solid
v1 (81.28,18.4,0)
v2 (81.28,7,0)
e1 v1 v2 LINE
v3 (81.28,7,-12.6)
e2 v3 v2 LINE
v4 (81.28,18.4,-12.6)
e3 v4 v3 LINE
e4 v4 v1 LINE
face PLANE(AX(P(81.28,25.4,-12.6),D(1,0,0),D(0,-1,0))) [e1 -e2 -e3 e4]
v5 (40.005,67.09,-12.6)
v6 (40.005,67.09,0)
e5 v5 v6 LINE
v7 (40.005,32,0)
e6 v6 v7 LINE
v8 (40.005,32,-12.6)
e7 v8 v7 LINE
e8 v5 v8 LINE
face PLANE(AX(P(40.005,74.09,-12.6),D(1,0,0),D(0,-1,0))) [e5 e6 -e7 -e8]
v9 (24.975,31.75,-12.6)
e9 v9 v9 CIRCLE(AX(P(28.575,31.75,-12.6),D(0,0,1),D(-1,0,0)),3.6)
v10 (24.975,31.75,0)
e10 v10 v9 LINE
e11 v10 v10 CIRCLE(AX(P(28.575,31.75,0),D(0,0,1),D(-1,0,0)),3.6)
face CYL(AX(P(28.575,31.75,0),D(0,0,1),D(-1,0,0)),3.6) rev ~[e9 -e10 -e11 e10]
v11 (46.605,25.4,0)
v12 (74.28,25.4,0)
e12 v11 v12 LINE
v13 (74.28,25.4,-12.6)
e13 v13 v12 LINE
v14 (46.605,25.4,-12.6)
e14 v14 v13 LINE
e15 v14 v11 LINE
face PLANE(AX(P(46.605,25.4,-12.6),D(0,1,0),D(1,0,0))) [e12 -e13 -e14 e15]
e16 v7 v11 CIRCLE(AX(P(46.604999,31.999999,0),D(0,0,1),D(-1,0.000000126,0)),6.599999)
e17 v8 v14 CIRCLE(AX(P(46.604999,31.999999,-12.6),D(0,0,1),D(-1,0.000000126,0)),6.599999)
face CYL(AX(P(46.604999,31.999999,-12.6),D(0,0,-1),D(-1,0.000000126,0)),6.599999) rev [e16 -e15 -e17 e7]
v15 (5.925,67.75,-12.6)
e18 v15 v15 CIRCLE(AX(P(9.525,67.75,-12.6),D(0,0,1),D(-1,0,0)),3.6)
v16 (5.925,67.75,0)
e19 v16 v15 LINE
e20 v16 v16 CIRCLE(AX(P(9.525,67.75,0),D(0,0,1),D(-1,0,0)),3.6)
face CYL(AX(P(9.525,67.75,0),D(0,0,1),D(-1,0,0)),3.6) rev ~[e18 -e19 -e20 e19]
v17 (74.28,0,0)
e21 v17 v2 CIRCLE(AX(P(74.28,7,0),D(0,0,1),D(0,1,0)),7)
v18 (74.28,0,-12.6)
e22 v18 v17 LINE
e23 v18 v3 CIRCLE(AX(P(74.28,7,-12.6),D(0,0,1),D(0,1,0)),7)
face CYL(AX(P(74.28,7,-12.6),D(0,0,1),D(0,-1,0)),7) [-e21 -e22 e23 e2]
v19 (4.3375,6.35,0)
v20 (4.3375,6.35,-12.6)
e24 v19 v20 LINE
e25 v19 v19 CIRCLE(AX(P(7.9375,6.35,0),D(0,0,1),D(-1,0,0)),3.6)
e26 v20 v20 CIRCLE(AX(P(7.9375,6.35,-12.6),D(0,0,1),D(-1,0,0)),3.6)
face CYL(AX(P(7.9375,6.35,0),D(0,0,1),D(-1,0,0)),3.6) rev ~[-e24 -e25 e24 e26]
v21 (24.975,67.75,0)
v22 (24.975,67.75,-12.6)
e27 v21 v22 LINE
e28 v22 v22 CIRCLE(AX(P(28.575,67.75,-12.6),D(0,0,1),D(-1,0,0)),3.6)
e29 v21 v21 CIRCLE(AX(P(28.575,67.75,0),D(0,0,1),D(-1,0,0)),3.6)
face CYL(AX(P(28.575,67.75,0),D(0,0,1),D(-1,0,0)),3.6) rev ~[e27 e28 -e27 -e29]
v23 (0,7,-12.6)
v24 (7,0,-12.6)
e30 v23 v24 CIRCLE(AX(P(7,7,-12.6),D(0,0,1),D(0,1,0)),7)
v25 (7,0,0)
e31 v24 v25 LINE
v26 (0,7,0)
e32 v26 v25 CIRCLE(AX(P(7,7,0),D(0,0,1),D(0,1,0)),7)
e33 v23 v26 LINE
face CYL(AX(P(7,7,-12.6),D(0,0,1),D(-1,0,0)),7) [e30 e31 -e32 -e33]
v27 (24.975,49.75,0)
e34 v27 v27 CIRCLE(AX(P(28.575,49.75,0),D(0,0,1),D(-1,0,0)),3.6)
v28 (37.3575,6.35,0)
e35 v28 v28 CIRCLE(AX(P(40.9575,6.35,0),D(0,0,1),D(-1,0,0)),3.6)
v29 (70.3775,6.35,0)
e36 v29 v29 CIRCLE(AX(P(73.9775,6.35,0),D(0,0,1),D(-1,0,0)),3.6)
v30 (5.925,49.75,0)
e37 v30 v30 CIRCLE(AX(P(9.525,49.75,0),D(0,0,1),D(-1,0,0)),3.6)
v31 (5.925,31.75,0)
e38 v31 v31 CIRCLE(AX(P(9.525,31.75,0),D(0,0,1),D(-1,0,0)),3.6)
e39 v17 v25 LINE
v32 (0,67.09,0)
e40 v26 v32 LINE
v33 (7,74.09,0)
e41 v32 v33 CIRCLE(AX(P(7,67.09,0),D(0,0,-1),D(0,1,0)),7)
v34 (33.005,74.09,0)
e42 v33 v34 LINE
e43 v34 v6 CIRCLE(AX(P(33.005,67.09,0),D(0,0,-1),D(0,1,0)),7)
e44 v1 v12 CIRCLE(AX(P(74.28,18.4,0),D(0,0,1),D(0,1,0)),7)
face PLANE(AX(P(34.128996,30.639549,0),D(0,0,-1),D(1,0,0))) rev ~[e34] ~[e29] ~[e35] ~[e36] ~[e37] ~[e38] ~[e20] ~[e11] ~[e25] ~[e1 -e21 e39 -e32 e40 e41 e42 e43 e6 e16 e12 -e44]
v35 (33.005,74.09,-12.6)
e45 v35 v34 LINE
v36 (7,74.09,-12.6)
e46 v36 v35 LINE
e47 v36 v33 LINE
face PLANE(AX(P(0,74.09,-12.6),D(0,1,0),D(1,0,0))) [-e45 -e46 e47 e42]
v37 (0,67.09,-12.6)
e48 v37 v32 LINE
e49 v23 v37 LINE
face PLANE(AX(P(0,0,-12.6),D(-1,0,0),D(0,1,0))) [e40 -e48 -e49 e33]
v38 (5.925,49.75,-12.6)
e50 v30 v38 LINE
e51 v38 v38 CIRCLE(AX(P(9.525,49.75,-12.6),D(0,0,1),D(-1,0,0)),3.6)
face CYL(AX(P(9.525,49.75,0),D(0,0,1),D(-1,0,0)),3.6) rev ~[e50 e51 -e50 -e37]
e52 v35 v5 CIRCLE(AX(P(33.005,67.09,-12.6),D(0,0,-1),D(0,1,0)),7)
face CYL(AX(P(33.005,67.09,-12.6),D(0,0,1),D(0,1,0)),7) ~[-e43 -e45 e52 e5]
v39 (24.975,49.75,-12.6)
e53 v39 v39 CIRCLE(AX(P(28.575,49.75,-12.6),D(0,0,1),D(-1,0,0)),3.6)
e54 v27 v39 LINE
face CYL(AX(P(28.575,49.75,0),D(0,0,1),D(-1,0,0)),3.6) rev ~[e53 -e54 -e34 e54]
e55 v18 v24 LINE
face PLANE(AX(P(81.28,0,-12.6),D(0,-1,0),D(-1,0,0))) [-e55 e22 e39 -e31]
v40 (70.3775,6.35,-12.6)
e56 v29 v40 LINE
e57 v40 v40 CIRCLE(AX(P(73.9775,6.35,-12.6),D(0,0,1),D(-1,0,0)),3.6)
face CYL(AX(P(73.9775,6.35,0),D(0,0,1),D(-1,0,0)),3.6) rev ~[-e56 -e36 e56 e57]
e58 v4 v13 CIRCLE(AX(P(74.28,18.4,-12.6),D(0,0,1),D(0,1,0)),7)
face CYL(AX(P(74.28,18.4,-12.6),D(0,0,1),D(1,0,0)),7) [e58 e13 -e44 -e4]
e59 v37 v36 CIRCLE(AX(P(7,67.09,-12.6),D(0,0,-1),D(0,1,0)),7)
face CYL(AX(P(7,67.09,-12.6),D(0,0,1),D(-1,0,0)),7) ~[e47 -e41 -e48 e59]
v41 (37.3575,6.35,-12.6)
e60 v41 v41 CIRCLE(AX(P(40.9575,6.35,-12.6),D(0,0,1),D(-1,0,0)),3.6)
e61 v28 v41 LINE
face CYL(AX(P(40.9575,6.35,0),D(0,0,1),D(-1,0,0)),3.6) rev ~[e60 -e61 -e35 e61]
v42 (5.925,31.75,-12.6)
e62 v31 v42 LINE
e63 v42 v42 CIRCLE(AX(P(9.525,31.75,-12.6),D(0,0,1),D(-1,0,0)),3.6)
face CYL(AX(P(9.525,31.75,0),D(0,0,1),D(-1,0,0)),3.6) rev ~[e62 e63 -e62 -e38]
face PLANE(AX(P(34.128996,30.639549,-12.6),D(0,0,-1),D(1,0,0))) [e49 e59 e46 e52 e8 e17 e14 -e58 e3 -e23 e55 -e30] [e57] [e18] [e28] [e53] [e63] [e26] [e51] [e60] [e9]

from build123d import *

# Parameters (mm, degrees)
PAD_DEPTH             = 12.6
SKETCH001_R           = 3.6
POCKET_DEPTH          = 12.601
FILLET_R              = 7
CLONE_PLACEMENT_ANGLE = 180


with BuildPart() as part:
    # Sketch → Pad (new body)
    with BuildSketch(Plane.XY):
        with BuildLine():
            Line((0, 0), (0, -74.09))
            Line((0, -74.09), (-40.005, -74.09))
            Line((-40.005, -74.09), (-40.005, -32))
            ThreePointArc((-40.005, -32), (-41.938095, -27.333095), (-46.605, -25.4))
            Line((-46.605, -25.4), (-81.28, -25.4))
            Line((-81.28, -25.4), (-81.28, 0))
            Line((-81.28, 0), (0, 0))
        make_face()
    extrude(amount=PAD_DEPTH)

    # Sketch001 (on Face9 of Pad) → Pocket (cut, through all)
    with BuildSketch(Plane.XY.offset(12.6)):
        with Locations((-73.9775, -6.35)):
            Circle(SKETCH001_R)
        with Locations((-7.9375, -6.35)):
            Circle(SKETCH001_R)
        with Locations((-40.9575, -6.35)):
            Circle(SKETCH001_R)
        with Locations((-28.575, -31.75)):
            Circle(SKETCH001_R)
        with Locations((-9.525, -31.75)):
            Circle(SKETCH001_R)
        with Locations((-28.575, -49.75)):
            Circle(SKETCH001_R)
        with Locations((-9.525, -49.75)):
            Circle(SKETCH001_R)
        with Locations((-28.575, -67.75)):
            Circle(SKETCH001_R)
        with Locations((-9.525, -67.75)):
            Circle(SKETCH001_R)
    extrude(amount=-POCKET_DEPTH, mode=Mode.SUBTRACT)

    # Fillet
    fillet_edges = [part.edges().sort_by_distance(p)[0] for p in [
        (0, 0, 6.3),
        (-81.28, 0, 6.3),
        (-81.28, -25.4, 6.3),
        (-40.005, -74.09, 6.3),
        (0, -74.09, 6.3),
    ]]
    fillet(fillet_edges, radius=FILLET_R)


with BuildPart() as part_1:
    # Clone placement: moved
    add(part.part.moved(Location((0, 0, -12.6))).rotate(Axis((0, 0, -12.6), (0, 0, 1)), CLONE_PLACEMENT_ANGLE))


solid = part_1.part
